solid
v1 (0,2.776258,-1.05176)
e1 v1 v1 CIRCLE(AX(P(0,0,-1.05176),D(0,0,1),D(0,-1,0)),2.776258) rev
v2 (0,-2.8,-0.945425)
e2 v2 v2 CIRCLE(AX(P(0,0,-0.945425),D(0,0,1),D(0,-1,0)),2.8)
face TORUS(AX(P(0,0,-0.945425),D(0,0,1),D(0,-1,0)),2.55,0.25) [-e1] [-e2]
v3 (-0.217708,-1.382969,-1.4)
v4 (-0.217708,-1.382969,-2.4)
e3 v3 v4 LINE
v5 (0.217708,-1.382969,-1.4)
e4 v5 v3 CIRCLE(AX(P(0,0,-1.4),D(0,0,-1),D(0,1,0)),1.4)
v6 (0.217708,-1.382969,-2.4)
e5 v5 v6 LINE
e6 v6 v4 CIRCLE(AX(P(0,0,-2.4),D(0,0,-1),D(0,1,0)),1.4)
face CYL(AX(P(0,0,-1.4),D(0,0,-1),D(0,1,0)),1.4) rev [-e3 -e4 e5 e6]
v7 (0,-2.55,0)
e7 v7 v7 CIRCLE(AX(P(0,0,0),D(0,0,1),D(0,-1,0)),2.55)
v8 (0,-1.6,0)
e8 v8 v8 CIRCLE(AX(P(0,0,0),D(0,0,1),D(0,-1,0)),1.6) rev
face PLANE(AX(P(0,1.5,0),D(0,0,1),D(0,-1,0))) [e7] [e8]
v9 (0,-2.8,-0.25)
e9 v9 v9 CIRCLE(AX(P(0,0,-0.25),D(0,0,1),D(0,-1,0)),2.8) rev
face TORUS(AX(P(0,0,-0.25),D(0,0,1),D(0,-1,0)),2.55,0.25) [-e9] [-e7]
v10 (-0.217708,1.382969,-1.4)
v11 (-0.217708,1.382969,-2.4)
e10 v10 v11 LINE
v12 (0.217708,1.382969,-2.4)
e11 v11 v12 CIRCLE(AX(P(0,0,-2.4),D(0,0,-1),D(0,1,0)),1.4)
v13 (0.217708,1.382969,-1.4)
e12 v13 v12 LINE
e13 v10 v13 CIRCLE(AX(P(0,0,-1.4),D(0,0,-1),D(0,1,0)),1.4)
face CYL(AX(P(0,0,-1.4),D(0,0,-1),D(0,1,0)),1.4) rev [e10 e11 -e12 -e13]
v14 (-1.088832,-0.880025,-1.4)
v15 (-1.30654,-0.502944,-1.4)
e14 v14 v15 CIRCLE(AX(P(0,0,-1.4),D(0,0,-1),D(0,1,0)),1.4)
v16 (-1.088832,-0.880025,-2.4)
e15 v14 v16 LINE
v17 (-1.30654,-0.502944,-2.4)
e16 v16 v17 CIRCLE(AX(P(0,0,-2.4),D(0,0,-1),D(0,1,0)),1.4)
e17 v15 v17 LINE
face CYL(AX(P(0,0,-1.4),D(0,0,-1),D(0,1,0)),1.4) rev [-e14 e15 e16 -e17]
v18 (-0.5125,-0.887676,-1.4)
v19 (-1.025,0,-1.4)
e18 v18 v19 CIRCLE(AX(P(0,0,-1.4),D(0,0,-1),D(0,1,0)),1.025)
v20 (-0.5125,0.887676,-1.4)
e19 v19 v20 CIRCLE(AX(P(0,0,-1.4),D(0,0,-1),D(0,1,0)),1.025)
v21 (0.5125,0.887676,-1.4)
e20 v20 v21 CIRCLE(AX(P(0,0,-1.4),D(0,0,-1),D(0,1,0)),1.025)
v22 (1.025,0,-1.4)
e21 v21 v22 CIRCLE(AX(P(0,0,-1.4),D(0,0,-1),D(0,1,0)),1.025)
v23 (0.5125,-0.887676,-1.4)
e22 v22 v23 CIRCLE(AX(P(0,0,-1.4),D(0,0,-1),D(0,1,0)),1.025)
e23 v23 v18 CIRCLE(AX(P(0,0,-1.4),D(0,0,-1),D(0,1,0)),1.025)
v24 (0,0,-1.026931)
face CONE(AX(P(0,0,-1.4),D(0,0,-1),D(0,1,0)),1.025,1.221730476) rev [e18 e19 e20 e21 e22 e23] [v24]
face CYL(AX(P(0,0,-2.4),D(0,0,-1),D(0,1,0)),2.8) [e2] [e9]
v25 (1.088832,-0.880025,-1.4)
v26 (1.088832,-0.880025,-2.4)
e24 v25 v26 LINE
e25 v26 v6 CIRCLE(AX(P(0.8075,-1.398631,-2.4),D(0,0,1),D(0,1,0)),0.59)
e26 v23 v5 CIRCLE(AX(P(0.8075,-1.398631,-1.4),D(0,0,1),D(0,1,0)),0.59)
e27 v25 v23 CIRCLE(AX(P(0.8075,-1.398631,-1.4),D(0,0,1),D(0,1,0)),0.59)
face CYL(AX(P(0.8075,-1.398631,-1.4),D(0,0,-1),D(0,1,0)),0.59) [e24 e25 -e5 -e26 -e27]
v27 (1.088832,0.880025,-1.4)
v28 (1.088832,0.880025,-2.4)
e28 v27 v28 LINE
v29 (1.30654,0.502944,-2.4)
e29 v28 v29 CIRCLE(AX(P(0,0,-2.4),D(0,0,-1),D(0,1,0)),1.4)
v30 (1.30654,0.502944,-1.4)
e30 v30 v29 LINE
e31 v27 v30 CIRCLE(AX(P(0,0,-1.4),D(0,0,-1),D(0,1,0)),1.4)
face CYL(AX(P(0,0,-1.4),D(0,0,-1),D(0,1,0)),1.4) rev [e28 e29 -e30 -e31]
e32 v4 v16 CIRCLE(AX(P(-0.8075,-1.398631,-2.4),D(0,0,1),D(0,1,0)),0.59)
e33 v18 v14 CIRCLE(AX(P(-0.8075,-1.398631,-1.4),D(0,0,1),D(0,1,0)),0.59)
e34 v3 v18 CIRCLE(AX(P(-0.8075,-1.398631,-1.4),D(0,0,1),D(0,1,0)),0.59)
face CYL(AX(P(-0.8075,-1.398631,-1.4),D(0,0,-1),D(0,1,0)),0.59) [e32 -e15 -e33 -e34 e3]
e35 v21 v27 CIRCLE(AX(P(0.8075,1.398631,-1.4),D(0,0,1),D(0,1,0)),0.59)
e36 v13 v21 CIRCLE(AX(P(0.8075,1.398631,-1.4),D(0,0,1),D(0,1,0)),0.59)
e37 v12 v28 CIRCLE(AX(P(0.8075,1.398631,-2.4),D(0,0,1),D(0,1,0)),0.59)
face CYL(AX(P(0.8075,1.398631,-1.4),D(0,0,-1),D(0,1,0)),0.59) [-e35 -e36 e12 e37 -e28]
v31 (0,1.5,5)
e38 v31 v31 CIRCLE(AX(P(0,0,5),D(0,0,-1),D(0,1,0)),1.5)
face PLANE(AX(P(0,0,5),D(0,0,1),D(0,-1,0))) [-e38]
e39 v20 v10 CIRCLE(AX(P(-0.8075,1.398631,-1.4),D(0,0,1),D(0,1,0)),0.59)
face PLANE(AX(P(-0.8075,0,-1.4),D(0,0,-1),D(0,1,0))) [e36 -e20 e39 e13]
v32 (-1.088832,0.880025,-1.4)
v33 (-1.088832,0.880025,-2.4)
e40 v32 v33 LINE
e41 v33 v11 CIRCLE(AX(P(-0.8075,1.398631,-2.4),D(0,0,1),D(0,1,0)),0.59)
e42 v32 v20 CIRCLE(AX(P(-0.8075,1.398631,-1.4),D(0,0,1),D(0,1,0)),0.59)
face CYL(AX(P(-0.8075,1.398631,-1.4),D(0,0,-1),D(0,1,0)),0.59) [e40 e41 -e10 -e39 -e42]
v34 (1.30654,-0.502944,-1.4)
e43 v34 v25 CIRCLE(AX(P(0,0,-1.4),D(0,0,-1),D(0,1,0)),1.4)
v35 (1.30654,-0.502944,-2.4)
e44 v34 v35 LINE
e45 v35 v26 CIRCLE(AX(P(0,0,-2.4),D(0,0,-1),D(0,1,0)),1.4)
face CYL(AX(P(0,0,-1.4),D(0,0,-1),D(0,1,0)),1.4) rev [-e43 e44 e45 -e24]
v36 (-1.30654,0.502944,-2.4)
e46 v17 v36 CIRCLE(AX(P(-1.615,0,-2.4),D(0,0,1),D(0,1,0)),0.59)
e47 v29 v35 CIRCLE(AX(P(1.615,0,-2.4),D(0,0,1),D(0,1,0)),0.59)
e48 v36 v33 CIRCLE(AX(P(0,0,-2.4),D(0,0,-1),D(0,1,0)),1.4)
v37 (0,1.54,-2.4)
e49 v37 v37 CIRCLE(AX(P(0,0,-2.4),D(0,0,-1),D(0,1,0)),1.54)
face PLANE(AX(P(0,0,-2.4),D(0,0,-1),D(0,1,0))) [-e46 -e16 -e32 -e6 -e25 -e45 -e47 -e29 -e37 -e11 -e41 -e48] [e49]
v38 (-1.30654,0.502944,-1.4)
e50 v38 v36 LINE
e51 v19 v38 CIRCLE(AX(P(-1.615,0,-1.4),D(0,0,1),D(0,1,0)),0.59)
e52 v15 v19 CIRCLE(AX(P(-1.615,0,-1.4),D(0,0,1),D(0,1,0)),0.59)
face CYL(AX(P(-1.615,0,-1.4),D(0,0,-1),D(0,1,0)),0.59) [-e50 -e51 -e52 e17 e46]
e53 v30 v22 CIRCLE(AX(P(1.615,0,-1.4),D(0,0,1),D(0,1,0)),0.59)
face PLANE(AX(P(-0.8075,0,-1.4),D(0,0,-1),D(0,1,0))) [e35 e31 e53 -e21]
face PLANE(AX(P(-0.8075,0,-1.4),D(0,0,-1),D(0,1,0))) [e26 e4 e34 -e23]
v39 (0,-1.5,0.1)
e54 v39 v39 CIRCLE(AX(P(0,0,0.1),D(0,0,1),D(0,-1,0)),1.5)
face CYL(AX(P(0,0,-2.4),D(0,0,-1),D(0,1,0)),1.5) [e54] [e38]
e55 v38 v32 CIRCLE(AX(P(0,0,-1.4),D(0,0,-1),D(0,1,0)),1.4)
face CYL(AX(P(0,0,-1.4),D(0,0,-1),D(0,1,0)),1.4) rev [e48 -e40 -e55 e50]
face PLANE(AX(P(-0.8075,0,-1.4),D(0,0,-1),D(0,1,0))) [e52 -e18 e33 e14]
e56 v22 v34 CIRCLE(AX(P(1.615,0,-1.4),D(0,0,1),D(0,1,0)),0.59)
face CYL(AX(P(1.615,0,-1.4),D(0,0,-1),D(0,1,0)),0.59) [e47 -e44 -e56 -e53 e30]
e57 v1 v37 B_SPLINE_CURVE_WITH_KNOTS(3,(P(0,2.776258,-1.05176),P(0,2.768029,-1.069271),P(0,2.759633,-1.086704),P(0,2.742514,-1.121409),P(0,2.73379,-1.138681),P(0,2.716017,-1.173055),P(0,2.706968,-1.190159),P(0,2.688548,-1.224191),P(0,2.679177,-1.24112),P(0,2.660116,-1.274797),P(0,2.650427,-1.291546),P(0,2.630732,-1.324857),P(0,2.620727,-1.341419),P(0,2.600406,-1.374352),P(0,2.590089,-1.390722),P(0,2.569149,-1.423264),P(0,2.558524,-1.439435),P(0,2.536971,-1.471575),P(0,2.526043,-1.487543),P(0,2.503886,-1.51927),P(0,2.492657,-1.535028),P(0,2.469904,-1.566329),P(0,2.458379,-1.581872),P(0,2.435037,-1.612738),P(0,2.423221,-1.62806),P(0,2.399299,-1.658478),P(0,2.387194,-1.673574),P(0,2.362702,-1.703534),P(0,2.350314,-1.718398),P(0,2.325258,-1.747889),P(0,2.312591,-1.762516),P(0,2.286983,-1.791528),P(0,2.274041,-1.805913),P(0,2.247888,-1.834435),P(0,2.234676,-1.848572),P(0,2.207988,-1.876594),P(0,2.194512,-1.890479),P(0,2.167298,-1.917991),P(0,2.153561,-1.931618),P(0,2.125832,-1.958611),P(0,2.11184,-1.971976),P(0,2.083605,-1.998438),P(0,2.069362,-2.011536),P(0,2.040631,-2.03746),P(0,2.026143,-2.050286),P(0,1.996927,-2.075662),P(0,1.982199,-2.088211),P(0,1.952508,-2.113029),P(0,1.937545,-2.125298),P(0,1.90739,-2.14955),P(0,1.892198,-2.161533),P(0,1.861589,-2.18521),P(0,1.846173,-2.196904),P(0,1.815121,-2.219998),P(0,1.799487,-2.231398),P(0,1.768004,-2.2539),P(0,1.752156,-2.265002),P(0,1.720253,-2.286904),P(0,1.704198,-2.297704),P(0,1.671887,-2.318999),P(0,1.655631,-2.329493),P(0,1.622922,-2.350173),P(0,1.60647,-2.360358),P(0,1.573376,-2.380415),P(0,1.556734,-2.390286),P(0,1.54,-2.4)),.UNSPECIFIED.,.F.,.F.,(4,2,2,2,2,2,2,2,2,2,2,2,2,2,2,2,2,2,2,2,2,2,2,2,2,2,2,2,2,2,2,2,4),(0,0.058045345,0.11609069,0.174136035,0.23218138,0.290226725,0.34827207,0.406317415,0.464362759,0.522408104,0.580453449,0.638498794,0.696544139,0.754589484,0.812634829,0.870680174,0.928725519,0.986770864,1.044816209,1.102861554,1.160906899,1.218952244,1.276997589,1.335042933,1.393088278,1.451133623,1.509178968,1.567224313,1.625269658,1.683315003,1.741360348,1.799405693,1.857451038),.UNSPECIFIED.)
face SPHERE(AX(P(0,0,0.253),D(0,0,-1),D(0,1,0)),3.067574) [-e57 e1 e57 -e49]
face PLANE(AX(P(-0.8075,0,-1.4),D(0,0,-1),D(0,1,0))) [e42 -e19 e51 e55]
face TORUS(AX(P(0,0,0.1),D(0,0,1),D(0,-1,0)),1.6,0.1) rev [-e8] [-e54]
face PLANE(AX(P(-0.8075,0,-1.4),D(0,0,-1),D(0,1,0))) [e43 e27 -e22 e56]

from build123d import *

# Parameters (mm, degrees)
FILLET1_R          = 0.1
FILLET2_R          = 0.25
HOLE1_D            = 2.05
HOLE1_DEPTH        = 1
HOLE1_TIP          = 0.37306949
CUT_EXTRUDE1_DEPTH = 1


with BuildPart() as part:
    # Sketch1 → Base-Revolve (revolve)
    with BuildSketch(Plane(origin=(0, 0, 0), x_dir=(0, 0, -1), z_dir=(1, 0, 0))):
        with BuildLine():
            Line((-5, 0), (-5, 1.5))
            Line((-5, 1.5), (0, 1.5))
            Line((0, 1.5), (0, 2.8))
            Line((0, 2.8), (1, 2.8))
            ThreePointArc((1, 2.8), (1.799098682, 2.280109646), (2.4, 1.54))
            Line((2.4, 1.54), (2.4, 0))
            Line((2.4, 0), (-5, 0))
        make_face()
    revolve(axis=Axis((0, 0, -2.4), (0, 0, 1)))

    # Fillet1
    fillet1_edges = [part.edges().sort_by_distance(p)[0] for p in [
        (0, -1.5, 0),
    ]]
    fillet(fillet1_edges, radius=FILLET1_R)

    # Fillet2
    fillet2_edges = [part.edges().sort_by_distance(p)[0] for p in [
        (0, -2.8, -1),
        (0, -2.8, 0),
    ]]
    fillet(fillet2_edges, radius=FILLET2_R)

    # Hole1
    with Locations(Plane(origin=(0, 0, -2.4), x_dir=(-1, 0, 0), z_dir=(0, 0, -1))):
        with Locations((0, 0)):
            Hole(HOLE1_D / 2, depth=HOLE1_DEPTH)
            with Locations((0, 0, -(HOLE1_DEPTH + HOLE1_TIP / 2))):  # 140° drill point
                Cone(0, HOLE1_D / 2, HOLE1_TIP, mode=Mode.SUBTRACT)

    # Sketch4 → Cut-Extrude1 (cut)
    with BuildSketch(Plane(origin=(0, 0, -2.4), x_dir=(-1, 0, 0), z_dir=(0, 0, -1))):
        with BuildLine():
            ThreePointArc((1.088832331, -0.880025088), (1.212435565, -0.7), (1.306540248, -0.502943915))
            ThreePointArc((1.306540248, -0.502943915), (1.025, 0), (1.306540248, 0.502943915))
            ThreePointArc((1.306540248, 0.502943915), (1.212435565, 0.7), (1.088832331, 0.880025088))
            ThreePointArc((1.088832331, 0.880025088), (0.5125, 0.887676039), (0.217707917, 1.382969003))
            ThreePointArc((0.217707917, 1.382969003), (0, 1.4), (-0.217707917, 1.382969003))
            ThreePointArc((-0.217707917, 1.382969003), (-0.5125, 0.887676039), (-1.088832331, 0.880025088))
            ThreePointArc((-1.088832331, 0.880025088), (-1.212435565, 0.7), (-1.306540248, 0.502943915))
            ThreePointArc((-1.306540248, 0.502943915), (-1.025, 0), (-1.306540248, -0.502943915))
            ThreePointArc((-1.306540248, -0.502943915), (-1.212435565, -0.7), (-1.088832331, -0.880025088))
            ThreePointArc((-1.088832331, -0.880025088), (-0.5125, -0.887676039), (-0.217707917, -1.382969003))
            ThreePointArc((-0.217707917, -1.382969003), (0, -1.4), (0.217707917, -1.382969003))
            ThreePointArc((0.217707917, -1.382969003), (0.5125, -0.887676039), (1.088832331, -0.880025088))
        make_face()
    extrude(amount=-CUT_EXTRUDE1_DEPTH, mode=Mode.SUBTRACT)


solid = part.part
